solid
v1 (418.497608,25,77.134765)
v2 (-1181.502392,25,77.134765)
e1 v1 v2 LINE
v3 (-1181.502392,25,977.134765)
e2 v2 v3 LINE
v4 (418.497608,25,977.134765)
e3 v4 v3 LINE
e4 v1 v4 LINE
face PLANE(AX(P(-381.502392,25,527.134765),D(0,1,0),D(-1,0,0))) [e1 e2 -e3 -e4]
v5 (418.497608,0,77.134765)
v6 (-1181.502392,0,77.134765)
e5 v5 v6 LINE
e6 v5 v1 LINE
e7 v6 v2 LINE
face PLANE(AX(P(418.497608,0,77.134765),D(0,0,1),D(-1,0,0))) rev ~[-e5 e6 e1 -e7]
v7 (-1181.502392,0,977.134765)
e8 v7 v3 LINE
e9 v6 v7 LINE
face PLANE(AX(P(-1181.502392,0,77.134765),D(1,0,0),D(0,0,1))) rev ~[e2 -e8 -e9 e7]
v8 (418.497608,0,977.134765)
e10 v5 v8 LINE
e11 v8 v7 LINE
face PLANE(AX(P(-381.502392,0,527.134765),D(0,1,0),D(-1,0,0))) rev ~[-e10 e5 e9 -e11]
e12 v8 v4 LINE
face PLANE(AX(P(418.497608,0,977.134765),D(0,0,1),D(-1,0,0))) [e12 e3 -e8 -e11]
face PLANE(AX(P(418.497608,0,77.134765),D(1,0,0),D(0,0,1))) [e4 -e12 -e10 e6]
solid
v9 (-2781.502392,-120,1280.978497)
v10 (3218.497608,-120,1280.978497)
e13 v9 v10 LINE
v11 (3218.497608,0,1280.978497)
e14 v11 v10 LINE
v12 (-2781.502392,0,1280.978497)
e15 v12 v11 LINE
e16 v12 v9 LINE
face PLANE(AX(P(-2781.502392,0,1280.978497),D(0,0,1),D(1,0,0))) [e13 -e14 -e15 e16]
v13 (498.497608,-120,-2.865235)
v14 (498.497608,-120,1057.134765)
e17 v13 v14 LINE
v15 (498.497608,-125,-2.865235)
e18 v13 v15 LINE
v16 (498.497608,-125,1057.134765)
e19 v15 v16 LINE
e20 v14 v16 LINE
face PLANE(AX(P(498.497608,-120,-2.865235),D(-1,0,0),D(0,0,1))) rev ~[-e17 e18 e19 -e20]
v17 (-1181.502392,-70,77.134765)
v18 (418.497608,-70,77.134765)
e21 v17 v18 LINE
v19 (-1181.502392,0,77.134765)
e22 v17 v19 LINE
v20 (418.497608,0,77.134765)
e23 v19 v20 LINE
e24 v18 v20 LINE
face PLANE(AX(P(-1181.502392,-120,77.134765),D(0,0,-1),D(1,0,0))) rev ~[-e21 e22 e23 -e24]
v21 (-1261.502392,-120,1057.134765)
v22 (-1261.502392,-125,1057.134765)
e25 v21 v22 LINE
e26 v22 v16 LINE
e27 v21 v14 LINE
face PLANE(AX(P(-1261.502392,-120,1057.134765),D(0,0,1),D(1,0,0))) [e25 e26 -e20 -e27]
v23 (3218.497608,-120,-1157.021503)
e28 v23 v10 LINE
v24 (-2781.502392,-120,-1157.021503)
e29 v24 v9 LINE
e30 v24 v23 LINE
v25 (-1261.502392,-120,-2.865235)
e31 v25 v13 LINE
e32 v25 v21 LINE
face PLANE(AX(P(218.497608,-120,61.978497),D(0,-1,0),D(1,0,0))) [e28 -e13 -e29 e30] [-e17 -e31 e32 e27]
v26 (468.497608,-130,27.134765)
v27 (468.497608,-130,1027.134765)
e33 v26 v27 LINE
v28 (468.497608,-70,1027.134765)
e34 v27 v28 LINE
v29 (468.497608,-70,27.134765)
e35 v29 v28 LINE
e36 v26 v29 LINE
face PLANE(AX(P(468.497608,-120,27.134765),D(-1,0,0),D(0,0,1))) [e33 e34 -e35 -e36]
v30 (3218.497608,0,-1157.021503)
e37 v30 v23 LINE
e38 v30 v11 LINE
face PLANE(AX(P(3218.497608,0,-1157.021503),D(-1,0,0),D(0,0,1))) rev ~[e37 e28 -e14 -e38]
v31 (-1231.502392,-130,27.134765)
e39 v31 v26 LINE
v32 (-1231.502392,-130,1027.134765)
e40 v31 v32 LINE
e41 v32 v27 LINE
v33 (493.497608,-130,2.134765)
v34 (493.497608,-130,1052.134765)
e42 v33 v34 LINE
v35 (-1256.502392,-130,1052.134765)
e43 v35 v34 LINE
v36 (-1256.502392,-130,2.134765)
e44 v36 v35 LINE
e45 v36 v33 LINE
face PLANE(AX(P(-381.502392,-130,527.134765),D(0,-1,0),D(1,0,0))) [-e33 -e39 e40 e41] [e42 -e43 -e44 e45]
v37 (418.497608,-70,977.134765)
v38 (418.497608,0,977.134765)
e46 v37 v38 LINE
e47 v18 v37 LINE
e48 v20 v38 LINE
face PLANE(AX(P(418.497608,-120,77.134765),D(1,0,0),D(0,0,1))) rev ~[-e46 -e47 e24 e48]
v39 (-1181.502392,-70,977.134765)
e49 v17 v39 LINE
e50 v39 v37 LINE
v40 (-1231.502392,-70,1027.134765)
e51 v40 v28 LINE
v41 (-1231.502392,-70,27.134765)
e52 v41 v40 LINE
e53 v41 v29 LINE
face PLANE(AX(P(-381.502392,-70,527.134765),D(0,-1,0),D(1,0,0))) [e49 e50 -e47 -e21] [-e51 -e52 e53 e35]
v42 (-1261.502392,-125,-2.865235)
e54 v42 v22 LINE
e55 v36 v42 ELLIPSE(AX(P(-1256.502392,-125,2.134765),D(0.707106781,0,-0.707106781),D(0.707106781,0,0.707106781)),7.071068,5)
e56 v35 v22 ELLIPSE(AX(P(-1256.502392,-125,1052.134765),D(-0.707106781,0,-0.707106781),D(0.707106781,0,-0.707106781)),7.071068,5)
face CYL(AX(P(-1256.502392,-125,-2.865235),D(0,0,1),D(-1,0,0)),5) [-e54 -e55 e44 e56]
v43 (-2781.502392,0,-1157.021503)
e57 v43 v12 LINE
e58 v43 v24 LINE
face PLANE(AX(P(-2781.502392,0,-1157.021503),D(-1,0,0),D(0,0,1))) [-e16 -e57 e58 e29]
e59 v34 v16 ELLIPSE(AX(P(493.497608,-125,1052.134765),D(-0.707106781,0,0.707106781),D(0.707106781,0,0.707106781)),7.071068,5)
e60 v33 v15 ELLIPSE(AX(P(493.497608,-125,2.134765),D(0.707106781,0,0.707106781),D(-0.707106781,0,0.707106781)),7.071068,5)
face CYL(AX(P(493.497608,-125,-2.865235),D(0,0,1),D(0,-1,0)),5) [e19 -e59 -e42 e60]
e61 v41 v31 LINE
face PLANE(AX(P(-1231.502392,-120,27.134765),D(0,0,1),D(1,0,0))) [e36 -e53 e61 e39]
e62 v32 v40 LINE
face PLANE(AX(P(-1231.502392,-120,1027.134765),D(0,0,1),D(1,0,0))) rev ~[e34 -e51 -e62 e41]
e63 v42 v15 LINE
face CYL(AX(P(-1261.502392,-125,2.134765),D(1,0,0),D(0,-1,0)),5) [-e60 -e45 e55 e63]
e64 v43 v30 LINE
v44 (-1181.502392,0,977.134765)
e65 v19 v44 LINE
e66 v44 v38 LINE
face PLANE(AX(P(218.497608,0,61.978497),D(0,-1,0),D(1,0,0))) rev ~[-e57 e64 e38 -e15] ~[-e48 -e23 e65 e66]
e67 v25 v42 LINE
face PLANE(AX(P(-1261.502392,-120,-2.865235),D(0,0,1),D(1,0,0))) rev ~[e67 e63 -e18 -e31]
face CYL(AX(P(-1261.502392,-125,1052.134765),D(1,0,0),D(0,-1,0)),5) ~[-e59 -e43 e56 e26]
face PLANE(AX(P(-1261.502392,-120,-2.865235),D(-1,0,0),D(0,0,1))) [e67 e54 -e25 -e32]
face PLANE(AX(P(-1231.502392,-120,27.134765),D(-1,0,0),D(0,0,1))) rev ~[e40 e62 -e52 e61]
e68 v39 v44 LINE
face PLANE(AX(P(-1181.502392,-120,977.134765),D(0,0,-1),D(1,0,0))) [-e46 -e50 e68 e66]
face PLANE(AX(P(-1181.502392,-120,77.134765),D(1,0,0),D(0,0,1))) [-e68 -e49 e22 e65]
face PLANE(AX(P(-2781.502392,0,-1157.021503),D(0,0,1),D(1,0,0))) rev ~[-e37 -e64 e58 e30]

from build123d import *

# Parameters (mm, degrees)
F0_W      = 6000
F0_H      = 2438
F1_DEPTH  = 120
F2_W      = 1600
F2_H      = 900
F3_DEPTH  = 120.001
F4_W      = 1700
F4_H      = 1000
F4_W_2    = 1600
F4_H_2    = 900
F5_DEPTH  = 50
F6_W      = 1760
F6_H      = 1060
F6_W_2    = 1700
F6_H_2    = 1000
F7_DEPTH  = 10
F8_R      = 5
F9_W      = 1600
F9_H      = 900
F10_DEPTH = 25


with BuildPart() as f1:
    # F0 (on Front) → F1 (new body)
    with BuildSketch(Plane.XZ):
        with Locations((218.497608, 61.978497)):
            Rectangle(F0_W, F0_H)
    extrude(amount=F1_DEPTH)

    # F2 (on face) → F3 (cut, through all)
    with BuildSketch(Plane.XZ.offset(120)):
        with Locations((-381.502392, 527.134765)):
            Rectangle(F2_W, F2_H)
    extrude(amount=-F3_DEPTH, mode=Mode.SUBTRACT)

    # F4 (on face) → F5 (cut)
    with BuildSketch(Plane.XZ.offset(120)):
        with Locations((-381.502392, 527.134765)):
            Rectangle(F4_W, F4_H)
        with Locations((-381.502392, 527.134765)):
            Rectangle(F4_W_2, F4_H_2, mode=Mode.SUBTRACT)
    extrude(amount=-F5_DEPTH, mode=Mode.SUBTRACT)

    # F6 (on face) → F7 (join)
    with BuildSketch(Plane.XZ.offset(120)):
        with Locations((-381.502392, 527.134765)):
            Rectangle(F6_W, F6_H)
        with Locations((-381.502392, 527.134765)):
            Rectangle(F6_W_2, F6_H_2, mode=Mode.SUBTRACT)
    extrude(amount=F7_DEPTH)

    # F8
    f8_edges = [f1.edges().sort_by_distance(p)[0] for p in [
        (-381.502392, -130, 1057.134765),
        (498.497608, -130, 527.134765),
        (-381.502392, -130, -2.865235),
        (-1261.502392, -130, 527.134765),
    ]]
    fillet(f8_edges, radius=F8_R)


with BuildPart() as f10:
    # F9 (on face) → F10 (new body)
    with BuildSketch(Plane(origin=(0, 0, 0), x_dir=(-1, 0, 0), z_dir=(0, 1, 0))):
        with Locations((381.502392, 527.134765)):
            Rectangle(F9_W, F9_H)
    extrude(amount=F10_DEPTH)


solid = Compound([f1.part, f10.part])
